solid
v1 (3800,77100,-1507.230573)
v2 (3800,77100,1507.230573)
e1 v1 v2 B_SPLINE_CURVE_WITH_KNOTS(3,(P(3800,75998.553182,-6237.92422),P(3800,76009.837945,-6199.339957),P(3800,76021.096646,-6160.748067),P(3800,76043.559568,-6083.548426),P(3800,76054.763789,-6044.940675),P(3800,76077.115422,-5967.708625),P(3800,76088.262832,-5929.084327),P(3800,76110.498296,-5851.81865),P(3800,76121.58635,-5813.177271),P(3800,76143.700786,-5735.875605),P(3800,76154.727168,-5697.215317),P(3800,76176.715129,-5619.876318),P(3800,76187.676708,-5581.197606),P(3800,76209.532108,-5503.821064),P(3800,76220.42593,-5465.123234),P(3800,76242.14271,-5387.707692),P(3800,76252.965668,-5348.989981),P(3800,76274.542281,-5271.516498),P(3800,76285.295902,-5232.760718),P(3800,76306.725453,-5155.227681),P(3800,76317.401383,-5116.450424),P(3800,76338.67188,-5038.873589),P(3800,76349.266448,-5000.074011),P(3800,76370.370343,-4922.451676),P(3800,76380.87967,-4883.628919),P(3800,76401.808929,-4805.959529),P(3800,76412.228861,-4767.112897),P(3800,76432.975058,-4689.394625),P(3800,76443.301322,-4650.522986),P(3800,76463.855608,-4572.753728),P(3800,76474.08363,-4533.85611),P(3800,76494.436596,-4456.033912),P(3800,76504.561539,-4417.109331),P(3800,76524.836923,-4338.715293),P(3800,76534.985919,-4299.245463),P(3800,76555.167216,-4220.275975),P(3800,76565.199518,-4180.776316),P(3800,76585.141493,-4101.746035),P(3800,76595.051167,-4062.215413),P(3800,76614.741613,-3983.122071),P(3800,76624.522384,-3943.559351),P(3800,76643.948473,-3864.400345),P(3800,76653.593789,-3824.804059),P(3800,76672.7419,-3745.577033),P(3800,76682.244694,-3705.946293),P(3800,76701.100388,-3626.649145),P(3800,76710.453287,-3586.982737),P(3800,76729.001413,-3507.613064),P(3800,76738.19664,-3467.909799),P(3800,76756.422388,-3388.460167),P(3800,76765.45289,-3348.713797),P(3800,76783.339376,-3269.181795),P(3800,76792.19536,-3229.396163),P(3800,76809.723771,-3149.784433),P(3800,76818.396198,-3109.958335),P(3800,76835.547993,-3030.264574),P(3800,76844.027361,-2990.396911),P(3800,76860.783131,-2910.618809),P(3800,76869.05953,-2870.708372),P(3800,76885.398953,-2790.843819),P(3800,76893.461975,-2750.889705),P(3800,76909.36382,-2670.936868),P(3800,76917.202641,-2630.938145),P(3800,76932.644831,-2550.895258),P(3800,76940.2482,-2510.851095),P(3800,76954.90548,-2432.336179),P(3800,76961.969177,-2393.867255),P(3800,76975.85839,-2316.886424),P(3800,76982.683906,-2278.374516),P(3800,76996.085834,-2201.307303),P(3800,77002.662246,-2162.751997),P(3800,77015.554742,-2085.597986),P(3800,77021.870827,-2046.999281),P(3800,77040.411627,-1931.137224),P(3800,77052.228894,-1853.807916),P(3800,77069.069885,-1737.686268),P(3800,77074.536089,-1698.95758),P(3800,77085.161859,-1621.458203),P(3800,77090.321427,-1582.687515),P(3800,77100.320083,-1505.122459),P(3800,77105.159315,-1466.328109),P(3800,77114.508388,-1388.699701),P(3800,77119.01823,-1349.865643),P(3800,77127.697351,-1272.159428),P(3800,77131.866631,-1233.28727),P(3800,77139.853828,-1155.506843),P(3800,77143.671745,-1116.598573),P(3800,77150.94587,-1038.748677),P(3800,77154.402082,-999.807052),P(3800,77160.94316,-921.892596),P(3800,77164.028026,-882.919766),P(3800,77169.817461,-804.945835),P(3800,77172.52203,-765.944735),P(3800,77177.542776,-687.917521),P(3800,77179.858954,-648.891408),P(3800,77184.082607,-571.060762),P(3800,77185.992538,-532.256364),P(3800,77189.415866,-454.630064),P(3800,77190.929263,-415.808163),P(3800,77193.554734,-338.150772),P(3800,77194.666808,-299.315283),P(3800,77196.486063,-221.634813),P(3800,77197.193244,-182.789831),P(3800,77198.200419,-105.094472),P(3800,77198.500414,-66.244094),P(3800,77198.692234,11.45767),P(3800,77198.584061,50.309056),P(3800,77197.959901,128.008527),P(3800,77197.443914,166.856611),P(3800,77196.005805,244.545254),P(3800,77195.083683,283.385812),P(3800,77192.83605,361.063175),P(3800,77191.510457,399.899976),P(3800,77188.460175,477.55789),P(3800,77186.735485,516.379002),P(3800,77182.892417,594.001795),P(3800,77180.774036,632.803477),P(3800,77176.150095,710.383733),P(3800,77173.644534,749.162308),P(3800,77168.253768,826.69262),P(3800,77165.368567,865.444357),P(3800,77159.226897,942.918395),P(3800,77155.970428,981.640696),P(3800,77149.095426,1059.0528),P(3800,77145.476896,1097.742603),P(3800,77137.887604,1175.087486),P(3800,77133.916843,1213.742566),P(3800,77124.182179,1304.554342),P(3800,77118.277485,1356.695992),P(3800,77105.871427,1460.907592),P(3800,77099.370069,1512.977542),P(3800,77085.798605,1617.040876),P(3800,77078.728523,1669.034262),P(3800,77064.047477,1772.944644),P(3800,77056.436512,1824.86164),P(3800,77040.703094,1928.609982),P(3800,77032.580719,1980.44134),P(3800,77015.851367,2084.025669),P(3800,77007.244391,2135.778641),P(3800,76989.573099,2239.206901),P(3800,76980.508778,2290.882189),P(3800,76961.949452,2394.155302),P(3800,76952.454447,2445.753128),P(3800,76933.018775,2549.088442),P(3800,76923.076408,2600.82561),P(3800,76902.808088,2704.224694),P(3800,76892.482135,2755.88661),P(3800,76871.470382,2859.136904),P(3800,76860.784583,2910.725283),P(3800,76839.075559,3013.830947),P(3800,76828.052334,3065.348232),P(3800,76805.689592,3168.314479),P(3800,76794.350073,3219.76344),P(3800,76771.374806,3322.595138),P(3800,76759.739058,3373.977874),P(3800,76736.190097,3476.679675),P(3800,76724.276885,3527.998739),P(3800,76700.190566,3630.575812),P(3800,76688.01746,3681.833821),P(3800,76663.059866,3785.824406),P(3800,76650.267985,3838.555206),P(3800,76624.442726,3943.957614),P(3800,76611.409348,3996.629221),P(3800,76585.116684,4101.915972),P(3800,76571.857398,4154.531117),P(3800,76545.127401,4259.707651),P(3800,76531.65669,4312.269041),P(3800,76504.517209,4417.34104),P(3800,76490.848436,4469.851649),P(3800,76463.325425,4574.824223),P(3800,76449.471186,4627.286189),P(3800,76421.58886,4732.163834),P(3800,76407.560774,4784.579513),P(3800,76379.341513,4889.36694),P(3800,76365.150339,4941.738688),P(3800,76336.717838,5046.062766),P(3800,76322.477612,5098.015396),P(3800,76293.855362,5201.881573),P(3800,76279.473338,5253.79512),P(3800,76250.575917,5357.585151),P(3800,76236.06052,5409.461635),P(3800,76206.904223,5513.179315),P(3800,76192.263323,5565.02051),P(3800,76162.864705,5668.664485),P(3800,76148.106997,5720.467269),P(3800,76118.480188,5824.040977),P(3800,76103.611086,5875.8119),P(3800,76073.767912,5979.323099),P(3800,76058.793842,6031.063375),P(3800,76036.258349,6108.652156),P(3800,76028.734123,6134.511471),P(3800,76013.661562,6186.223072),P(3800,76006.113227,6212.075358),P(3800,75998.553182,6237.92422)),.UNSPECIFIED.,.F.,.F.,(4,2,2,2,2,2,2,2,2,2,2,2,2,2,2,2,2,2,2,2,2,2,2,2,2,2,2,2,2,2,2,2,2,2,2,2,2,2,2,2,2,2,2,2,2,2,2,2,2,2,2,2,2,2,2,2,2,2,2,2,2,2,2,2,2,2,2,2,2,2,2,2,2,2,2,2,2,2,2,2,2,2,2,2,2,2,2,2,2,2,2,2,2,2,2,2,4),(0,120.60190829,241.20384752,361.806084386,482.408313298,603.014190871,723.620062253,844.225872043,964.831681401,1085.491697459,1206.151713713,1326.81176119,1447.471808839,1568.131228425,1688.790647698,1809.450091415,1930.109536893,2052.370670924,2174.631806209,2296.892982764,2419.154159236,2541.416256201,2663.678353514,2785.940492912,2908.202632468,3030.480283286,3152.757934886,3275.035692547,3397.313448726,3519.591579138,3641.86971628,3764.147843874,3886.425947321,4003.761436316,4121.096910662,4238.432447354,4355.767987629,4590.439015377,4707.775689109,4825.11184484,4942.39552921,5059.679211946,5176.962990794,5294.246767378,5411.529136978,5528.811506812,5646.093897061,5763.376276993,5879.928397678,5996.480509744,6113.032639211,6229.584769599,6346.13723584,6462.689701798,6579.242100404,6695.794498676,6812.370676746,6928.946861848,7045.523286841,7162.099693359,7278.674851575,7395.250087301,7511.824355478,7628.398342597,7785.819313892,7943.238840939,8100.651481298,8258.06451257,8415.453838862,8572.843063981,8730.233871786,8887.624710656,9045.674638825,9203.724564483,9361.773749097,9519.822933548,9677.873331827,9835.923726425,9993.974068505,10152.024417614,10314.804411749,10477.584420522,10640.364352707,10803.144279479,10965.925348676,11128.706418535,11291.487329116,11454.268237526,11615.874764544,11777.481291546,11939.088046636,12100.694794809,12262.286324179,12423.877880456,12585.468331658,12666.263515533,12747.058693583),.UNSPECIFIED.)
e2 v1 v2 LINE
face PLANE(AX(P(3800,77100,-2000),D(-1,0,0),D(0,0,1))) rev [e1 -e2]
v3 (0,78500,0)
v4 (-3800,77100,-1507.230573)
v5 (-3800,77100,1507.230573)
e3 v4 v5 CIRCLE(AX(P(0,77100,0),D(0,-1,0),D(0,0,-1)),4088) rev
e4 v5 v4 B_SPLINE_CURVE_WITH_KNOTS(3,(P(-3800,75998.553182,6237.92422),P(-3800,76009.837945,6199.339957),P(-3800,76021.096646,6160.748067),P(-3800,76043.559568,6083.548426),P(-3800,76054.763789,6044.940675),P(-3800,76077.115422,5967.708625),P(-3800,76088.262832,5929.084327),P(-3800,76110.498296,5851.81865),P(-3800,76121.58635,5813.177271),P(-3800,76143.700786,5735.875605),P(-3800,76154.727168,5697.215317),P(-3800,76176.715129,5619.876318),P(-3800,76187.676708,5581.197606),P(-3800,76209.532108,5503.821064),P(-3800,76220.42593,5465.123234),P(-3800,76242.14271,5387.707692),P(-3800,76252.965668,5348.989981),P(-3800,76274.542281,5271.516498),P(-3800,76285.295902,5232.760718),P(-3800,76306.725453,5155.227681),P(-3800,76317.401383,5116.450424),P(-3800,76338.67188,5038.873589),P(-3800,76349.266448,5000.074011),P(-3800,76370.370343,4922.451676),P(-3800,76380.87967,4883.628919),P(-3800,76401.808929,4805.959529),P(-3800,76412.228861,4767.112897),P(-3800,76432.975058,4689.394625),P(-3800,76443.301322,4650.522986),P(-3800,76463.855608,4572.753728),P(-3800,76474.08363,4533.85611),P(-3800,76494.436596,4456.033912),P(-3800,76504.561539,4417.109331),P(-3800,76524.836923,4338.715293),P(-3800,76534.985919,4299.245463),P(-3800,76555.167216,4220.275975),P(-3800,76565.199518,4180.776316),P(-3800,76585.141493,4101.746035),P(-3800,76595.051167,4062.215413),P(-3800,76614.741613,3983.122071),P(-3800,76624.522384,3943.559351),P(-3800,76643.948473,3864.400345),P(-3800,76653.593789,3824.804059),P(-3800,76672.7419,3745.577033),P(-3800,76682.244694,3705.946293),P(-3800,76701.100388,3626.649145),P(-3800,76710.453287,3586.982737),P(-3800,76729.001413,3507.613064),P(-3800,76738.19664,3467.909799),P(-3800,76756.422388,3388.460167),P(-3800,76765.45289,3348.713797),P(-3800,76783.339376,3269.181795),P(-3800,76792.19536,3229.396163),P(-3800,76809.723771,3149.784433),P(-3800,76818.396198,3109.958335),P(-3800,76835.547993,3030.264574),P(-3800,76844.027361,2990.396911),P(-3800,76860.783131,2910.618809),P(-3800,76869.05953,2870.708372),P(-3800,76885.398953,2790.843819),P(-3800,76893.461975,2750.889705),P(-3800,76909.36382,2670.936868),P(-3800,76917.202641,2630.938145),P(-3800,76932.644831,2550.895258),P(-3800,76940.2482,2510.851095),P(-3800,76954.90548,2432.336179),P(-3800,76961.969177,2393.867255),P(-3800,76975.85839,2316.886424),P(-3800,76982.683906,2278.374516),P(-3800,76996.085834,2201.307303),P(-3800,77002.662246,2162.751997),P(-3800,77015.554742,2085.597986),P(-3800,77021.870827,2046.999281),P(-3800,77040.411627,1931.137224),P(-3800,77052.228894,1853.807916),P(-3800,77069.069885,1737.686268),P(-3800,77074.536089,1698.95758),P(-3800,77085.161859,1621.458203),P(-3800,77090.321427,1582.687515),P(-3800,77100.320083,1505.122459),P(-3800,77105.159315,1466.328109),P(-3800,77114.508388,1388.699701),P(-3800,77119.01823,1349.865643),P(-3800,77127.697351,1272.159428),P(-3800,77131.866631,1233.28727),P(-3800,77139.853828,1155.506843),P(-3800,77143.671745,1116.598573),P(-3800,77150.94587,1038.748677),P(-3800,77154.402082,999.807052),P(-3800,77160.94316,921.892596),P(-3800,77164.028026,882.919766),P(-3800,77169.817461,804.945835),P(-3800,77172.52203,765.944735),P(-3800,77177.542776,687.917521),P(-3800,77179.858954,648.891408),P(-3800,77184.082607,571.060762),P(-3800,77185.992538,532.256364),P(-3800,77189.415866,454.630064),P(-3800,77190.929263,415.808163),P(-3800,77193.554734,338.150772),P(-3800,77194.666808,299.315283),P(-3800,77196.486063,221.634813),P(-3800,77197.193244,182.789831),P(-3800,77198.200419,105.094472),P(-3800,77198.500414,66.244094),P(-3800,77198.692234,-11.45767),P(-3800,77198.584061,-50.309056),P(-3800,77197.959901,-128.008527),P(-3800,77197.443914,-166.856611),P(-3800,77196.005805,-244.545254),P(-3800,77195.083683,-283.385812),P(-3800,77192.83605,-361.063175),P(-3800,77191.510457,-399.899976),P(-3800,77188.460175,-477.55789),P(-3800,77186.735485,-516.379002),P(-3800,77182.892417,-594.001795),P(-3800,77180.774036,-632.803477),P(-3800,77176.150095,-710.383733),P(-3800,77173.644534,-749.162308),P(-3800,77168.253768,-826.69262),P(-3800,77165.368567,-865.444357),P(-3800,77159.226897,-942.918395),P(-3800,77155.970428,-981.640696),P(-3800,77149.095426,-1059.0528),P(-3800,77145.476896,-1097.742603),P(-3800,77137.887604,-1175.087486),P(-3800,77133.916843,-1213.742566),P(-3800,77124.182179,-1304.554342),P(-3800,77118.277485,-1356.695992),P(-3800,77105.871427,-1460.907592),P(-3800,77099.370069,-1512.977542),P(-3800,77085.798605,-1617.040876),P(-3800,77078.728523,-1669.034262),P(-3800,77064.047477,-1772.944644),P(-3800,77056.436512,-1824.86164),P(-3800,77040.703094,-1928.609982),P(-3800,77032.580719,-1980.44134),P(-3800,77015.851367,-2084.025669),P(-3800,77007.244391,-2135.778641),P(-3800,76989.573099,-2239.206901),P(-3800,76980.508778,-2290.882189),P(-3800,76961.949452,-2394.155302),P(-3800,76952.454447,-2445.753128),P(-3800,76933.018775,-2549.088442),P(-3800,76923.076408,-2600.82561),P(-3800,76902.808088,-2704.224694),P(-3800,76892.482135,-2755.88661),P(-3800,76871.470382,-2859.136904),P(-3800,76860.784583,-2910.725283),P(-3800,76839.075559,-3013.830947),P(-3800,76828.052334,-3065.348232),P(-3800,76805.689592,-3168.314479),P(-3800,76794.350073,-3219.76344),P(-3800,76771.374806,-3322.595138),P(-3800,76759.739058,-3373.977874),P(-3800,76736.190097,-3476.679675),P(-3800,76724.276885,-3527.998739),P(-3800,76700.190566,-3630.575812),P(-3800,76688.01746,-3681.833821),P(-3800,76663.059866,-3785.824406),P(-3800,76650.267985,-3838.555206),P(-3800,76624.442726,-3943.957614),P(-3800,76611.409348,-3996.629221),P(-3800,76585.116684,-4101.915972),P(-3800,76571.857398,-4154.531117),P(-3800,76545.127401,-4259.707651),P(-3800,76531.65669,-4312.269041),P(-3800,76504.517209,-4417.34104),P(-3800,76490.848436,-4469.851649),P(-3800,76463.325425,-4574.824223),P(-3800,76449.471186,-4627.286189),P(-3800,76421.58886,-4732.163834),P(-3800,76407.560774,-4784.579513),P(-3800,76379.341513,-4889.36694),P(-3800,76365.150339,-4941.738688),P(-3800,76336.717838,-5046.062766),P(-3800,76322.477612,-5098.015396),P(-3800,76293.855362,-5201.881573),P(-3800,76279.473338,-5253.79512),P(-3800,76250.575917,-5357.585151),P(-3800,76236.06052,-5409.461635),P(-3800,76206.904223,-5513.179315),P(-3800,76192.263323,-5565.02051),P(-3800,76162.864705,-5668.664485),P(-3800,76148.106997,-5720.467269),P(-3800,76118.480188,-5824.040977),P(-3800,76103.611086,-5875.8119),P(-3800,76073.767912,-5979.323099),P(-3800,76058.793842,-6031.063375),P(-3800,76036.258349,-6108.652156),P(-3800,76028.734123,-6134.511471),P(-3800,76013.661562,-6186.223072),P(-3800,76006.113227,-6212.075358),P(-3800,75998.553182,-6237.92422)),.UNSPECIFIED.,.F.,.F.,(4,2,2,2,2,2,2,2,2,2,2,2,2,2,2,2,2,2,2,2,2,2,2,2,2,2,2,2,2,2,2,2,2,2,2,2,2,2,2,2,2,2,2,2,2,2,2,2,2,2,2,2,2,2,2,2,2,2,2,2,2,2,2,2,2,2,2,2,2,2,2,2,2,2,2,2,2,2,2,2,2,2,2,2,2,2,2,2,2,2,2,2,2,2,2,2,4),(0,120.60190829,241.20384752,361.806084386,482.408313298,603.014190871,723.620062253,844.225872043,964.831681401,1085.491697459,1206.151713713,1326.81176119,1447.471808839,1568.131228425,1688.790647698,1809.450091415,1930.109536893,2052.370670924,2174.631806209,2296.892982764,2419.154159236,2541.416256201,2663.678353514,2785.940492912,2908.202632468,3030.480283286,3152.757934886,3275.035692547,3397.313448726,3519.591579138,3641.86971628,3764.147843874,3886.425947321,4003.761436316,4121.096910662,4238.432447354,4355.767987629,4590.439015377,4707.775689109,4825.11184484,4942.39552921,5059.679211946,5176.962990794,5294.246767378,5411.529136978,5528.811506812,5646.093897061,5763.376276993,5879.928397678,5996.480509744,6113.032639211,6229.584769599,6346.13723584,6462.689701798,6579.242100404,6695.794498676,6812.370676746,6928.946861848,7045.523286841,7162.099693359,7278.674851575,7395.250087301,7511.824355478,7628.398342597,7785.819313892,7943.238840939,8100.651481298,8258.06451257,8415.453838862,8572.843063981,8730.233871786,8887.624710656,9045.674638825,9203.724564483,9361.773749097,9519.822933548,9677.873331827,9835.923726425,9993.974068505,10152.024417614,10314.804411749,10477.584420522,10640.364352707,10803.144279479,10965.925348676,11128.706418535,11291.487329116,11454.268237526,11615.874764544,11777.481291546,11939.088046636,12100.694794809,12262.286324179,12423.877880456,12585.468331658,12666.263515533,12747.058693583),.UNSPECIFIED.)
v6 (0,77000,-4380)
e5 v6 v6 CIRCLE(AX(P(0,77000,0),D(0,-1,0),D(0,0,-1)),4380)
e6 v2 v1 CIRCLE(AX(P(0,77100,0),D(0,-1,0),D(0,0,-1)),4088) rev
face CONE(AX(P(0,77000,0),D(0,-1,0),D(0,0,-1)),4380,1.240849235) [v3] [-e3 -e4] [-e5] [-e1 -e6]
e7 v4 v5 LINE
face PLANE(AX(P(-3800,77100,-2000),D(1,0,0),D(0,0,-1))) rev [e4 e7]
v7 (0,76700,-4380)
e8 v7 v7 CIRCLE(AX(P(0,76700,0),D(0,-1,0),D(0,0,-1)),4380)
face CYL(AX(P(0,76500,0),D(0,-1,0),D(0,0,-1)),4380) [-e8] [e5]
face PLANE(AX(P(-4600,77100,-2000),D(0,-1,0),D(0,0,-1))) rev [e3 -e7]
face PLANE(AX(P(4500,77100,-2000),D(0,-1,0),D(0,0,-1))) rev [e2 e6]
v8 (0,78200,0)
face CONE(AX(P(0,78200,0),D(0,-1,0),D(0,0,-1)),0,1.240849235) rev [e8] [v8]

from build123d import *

# Parameters (mm, degrees)
SKETCH3_W          = 700
SKETCH3_H          = 2300
SKETCH3_W_2        = 800
CUT_EXTRUDE1_DEPTH = 2000


with BuildPart() as part:
    # Sketch2 → Revolve2 (revolve)
    with BuildSketch(Plane.XY, mode=Mode.PRIVATE) as revolve2_sk:
        Polygon((0, 78500), (4380, 77000), (4380, 76700), (0, 78200), align=None)
    revolve(revolve2_sk.sketch.rotate(Axis((0, 76500, 0), (0, 1, 0)), 90), axis=Axis((0, 76500, 0), (0, 1, 0)))

    # Sketch3 → Cut-Extrude1 (cut, symmetric)
    with BuildSketch(Plane.XY):
        with Locations((4150, 78250)):
            Rectangle(SKETCH3_W, SKETCH3_H)
        with Locations((-4200, 78250)):
            Rectangle(SKETCH3_W_2, SKETCH3_H)
    extrude(amount=CUT_EXTRUDE1_DEPTH, both=True, mode=Mode.SUBTRACT)


solid = part.part
